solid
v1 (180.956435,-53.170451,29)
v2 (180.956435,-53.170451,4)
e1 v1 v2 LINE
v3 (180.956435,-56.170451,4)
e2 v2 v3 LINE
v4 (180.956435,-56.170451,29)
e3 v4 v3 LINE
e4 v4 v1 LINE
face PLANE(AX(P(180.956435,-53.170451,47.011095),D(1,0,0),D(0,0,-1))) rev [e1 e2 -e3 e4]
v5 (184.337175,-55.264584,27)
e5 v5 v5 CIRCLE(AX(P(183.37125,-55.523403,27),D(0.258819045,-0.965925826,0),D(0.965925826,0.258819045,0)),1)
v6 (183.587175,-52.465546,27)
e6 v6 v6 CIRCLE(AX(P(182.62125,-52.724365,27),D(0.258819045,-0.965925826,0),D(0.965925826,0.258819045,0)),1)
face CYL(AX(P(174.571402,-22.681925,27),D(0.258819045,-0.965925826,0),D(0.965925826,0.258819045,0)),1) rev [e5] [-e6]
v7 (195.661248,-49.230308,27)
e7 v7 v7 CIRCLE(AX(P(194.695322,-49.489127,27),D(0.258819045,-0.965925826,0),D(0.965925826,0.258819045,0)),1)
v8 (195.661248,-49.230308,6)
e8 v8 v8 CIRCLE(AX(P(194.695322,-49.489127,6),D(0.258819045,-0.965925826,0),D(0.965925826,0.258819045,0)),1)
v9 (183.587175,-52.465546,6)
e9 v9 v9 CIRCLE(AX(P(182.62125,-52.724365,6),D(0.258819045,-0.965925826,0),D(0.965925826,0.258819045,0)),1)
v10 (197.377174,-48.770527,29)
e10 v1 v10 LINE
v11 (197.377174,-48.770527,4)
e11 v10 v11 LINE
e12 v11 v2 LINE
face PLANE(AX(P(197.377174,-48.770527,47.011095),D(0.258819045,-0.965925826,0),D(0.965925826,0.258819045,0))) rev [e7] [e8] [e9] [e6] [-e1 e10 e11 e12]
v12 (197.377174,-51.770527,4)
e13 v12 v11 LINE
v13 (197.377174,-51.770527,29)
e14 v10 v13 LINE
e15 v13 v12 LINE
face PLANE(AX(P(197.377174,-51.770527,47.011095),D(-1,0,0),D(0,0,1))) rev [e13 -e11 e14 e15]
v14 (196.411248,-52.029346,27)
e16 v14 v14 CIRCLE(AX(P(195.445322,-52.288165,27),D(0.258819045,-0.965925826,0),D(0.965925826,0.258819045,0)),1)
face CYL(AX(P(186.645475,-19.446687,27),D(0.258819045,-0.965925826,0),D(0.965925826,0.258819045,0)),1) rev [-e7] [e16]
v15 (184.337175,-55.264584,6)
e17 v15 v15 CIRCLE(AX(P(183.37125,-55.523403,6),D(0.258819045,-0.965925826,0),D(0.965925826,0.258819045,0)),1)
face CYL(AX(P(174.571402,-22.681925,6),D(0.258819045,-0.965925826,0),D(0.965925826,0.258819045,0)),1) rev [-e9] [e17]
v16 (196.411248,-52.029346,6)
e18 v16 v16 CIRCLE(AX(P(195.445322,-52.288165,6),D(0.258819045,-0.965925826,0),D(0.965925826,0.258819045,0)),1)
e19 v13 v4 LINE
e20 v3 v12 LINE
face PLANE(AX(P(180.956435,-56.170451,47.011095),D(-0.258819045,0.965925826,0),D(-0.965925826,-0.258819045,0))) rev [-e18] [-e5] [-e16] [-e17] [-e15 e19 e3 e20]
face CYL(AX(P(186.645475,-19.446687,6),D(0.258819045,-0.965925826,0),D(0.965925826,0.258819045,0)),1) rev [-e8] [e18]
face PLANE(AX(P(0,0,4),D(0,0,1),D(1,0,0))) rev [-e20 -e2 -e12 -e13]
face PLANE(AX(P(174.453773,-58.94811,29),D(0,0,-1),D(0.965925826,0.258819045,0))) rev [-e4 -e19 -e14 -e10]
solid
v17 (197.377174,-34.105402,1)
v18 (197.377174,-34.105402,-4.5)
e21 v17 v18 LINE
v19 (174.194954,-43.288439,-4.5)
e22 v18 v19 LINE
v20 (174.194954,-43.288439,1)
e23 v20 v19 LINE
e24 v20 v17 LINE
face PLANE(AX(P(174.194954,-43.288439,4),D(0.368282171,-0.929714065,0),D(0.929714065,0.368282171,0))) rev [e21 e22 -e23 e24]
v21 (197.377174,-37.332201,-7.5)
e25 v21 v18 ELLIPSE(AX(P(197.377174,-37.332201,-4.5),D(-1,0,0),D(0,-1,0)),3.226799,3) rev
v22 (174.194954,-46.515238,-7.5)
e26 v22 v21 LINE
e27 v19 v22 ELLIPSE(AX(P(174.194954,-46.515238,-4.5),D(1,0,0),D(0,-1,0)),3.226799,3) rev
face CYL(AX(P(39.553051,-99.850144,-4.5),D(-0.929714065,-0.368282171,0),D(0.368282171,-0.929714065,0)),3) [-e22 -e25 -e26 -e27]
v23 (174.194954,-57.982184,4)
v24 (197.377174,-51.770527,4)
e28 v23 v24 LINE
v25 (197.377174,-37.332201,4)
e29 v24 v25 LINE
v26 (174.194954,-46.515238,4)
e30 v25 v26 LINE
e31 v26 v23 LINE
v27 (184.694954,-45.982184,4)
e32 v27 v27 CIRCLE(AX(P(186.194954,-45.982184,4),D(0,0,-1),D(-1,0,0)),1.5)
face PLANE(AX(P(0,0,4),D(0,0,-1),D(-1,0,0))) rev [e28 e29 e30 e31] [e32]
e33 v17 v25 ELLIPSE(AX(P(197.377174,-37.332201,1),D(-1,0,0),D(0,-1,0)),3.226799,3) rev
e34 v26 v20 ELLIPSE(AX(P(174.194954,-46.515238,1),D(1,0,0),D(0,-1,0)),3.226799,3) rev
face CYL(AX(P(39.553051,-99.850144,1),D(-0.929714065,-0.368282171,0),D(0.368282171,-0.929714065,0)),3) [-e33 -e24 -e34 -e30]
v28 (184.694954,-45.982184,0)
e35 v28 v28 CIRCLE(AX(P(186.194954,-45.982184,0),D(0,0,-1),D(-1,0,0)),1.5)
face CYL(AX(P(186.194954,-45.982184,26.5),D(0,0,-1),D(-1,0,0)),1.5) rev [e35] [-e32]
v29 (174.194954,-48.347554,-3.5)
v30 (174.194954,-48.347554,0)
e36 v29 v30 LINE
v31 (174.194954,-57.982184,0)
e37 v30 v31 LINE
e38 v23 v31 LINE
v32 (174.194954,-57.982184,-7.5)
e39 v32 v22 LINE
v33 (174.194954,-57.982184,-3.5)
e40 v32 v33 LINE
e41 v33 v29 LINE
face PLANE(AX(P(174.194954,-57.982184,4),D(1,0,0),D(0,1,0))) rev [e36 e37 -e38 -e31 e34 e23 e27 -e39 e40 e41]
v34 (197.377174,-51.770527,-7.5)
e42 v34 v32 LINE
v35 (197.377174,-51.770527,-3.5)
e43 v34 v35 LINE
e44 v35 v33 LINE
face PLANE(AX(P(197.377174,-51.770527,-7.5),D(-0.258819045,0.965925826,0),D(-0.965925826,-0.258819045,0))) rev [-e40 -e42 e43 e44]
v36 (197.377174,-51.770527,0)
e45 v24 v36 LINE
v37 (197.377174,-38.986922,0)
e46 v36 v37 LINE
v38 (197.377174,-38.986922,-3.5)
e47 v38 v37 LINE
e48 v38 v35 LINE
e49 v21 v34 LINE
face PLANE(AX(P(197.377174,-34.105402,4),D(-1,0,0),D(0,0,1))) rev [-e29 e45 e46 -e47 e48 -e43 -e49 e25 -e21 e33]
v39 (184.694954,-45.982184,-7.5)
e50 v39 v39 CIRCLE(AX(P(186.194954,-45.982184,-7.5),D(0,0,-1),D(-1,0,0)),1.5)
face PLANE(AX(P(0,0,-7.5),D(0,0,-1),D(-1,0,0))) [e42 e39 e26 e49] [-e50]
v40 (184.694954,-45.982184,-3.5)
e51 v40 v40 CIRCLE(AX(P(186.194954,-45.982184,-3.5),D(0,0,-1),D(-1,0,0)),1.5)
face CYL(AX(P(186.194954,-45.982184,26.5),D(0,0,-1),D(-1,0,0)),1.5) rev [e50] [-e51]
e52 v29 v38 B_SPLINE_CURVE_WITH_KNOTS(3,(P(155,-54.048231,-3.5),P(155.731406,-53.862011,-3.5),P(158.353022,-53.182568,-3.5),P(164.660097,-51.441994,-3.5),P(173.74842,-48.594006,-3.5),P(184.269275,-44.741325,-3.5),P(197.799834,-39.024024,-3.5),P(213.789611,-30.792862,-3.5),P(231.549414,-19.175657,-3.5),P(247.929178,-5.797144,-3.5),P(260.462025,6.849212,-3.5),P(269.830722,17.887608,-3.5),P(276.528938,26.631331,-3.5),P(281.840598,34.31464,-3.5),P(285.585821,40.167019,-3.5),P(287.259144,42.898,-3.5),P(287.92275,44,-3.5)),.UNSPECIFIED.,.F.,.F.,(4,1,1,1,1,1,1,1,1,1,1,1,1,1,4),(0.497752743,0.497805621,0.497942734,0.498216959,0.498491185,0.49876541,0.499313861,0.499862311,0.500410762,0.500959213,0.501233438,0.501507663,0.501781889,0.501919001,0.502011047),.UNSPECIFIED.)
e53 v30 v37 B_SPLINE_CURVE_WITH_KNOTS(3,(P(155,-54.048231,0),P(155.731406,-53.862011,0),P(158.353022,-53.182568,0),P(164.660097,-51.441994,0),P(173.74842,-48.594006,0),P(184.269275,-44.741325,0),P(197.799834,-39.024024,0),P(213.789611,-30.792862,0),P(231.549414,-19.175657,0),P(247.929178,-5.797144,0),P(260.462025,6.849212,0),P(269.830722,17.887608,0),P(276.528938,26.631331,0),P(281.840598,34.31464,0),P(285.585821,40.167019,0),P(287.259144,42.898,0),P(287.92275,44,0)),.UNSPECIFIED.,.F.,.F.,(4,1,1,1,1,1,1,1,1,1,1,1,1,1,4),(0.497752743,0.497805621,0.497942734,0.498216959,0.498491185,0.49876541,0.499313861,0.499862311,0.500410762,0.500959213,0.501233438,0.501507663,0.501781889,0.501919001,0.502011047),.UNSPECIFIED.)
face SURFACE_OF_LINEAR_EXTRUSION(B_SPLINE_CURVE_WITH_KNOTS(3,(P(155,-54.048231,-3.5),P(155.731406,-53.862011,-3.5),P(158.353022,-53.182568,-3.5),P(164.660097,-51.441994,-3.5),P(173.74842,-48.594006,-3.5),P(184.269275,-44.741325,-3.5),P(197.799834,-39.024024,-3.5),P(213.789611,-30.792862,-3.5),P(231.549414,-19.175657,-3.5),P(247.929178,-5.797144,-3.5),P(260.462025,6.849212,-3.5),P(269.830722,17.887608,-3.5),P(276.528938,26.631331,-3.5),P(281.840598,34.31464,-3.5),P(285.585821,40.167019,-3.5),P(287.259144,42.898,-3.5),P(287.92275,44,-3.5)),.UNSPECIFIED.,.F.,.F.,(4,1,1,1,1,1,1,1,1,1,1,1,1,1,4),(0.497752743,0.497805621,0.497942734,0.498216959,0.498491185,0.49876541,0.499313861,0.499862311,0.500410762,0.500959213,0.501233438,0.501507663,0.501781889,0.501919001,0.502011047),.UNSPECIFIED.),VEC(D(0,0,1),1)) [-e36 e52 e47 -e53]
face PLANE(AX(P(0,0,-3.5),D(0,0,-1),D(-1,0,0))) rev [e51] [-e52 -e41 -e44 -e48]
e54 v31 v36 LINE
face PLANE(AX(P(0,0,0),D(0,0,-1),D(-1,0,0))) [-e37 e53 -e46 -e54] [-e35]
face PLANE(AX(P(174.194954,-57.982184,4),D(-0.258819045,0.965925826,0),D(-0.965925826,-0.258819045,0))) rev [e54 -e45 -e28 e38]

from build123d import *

# Parameters (mm, degrees)
BOSS_EXTRUDE1_DEPTH = 4
BOSS_EXTRUDE2_DEPTH = 25
SKETCH3_R           = 1
CUT_EXTRUDE1_DEPTH  = 34
BOSS_EXTRUDE3_DEPTH = 3.5
BOSS_EXTRUDE4_DEPTH = 4
SKETCH6_R           = 1.5
CUT_EXTRUDE2_DEPTH  = 34
FILLET1_R           = 3


with BuildPart() as part:
    # Sketch1 → Boss-Extrude1 (new body)
    with BuildSketch(Plane.XY):
        Polygon((174.194954223, -57.982184222), (197.377174054, -51.77052714), (197.377174054, -38.986921501), (197.377174054, -34.105402396), (174.194954223, -43.288438949), (174.194954223, -48.347554222), align=None)
    extrude(amount=BOSS_EXTRUDE1_DEPTH)

    # Sketch4 → Boss-Extrude3 (add)
    with BuildSketch(Plane(origin=(0, 0, 0), x_dir=(-1, 0, 0), z_dir=(0, 0, -1))):
        with BuildLine():
            Line((-174.194954223, -43.288438949), (-197.377174054, -34.105402396))
            Line((-197.377174054, -34.105402396), (-197.377174054, -38.986921501))
            add(Edge.make_bspline(
                [(-174.194954249, -48.347554214), (-177.589879135, -47.187067023), (-184.430668648, -44.673129126), (-192.066227253, -41.446744094), (-196.375700505, -39.45835727), (-197.377174056, -38.9869215)],
                knots=[0.498230043, 0.498230043, 0.498230043, 0.498230043, 0.498491185, 0.49876541, 0.498849046, 0.498849046, 0.498849046, 0.498849046], degree=3))
            Line((-174.194954223, -48.347554222), (-174.194954223, -43.288438949))
        make_face()
    extrude(amount=BOSS_EXTRUDE3_DEPTH)

    # Sketch5 → Boss-Extrude4 (add)
    with BuildSketch(Plane(origin=(0, 0, -3.5), x_dir=(-1, 0, 0), z_dir=(0, 0, -1))):
        Polygon((-174.194954223, -43.288438949), (-197.377174054, -34.105402396), (-197.377174054, -51.77052714), (-174.194954223, -57.982184222), align=None)
    extrude(amount=BOSS_EXTRUDE4_DEPTH)

    # Sketch6 → Cut-Extrude2 (cut)
    with BuildSketch(Plane(origin=(0, 0, -7.5), x_dir=(-1, 0, 0), z_dir=(0, 0, -1))):
        with Locations((-186.194954223, -45.982184222)):
            Circle(SKETCH6_R)
    extrude(amount=-CUT_EXTRUDE2_DEPTH, mode=Mode.SUBTRACT)

    # Fillet1
    fillet1_edges = [part.edges().sort_by_distance(p)[0] for p in [
        (185.786064138, -38.696920673, -7.5),
        (185.786064138, -38.696920673, 4),
    ]]
    fillet(fillet1_edges, radius=FILLET1_R)


with BuildPart() as body_2:
    # Sketch2 → Boss-Extrude2 (new body)
    with BuildSketch(Plane.XY.offset(4)):
        Polygon((197.377174054, -51.77052714), (197.377174054, -48.77052714), (180.956435007, -53.170450907), (180.956435007, -56.170450907), align=None)
    extrude(amount=BOSS_EXTRUDE2_DEPTH)

    # Sketch3 → Cut-Extrude1 (cut)
    with BuildSketch(Plane(origin=(26.164395383, -97.646852919, 0), x_dir=(0.9659258262890655, 0.25881904510253134, 0), z_dir=(0.2588190451025313, -0.9659258262890654, 0))):
        with Locations((162.75251154, 6)):
            Circle(SKETCH3_R)
        with Locations((162.75251154, 27)):
            Circle(SKETCH3_R)
        with Locations((175.25251154, 6)):
            Circle(SKETCH3_R)
        with Locations((175.25251154, 27)):
            Circle(SKETCH3_R)
    extrude(amount=-CUT_EXTRUDE1_DEPTH, mode=Mode.SUBTRACT)


solid = Compound([part.part, body_2.part])
